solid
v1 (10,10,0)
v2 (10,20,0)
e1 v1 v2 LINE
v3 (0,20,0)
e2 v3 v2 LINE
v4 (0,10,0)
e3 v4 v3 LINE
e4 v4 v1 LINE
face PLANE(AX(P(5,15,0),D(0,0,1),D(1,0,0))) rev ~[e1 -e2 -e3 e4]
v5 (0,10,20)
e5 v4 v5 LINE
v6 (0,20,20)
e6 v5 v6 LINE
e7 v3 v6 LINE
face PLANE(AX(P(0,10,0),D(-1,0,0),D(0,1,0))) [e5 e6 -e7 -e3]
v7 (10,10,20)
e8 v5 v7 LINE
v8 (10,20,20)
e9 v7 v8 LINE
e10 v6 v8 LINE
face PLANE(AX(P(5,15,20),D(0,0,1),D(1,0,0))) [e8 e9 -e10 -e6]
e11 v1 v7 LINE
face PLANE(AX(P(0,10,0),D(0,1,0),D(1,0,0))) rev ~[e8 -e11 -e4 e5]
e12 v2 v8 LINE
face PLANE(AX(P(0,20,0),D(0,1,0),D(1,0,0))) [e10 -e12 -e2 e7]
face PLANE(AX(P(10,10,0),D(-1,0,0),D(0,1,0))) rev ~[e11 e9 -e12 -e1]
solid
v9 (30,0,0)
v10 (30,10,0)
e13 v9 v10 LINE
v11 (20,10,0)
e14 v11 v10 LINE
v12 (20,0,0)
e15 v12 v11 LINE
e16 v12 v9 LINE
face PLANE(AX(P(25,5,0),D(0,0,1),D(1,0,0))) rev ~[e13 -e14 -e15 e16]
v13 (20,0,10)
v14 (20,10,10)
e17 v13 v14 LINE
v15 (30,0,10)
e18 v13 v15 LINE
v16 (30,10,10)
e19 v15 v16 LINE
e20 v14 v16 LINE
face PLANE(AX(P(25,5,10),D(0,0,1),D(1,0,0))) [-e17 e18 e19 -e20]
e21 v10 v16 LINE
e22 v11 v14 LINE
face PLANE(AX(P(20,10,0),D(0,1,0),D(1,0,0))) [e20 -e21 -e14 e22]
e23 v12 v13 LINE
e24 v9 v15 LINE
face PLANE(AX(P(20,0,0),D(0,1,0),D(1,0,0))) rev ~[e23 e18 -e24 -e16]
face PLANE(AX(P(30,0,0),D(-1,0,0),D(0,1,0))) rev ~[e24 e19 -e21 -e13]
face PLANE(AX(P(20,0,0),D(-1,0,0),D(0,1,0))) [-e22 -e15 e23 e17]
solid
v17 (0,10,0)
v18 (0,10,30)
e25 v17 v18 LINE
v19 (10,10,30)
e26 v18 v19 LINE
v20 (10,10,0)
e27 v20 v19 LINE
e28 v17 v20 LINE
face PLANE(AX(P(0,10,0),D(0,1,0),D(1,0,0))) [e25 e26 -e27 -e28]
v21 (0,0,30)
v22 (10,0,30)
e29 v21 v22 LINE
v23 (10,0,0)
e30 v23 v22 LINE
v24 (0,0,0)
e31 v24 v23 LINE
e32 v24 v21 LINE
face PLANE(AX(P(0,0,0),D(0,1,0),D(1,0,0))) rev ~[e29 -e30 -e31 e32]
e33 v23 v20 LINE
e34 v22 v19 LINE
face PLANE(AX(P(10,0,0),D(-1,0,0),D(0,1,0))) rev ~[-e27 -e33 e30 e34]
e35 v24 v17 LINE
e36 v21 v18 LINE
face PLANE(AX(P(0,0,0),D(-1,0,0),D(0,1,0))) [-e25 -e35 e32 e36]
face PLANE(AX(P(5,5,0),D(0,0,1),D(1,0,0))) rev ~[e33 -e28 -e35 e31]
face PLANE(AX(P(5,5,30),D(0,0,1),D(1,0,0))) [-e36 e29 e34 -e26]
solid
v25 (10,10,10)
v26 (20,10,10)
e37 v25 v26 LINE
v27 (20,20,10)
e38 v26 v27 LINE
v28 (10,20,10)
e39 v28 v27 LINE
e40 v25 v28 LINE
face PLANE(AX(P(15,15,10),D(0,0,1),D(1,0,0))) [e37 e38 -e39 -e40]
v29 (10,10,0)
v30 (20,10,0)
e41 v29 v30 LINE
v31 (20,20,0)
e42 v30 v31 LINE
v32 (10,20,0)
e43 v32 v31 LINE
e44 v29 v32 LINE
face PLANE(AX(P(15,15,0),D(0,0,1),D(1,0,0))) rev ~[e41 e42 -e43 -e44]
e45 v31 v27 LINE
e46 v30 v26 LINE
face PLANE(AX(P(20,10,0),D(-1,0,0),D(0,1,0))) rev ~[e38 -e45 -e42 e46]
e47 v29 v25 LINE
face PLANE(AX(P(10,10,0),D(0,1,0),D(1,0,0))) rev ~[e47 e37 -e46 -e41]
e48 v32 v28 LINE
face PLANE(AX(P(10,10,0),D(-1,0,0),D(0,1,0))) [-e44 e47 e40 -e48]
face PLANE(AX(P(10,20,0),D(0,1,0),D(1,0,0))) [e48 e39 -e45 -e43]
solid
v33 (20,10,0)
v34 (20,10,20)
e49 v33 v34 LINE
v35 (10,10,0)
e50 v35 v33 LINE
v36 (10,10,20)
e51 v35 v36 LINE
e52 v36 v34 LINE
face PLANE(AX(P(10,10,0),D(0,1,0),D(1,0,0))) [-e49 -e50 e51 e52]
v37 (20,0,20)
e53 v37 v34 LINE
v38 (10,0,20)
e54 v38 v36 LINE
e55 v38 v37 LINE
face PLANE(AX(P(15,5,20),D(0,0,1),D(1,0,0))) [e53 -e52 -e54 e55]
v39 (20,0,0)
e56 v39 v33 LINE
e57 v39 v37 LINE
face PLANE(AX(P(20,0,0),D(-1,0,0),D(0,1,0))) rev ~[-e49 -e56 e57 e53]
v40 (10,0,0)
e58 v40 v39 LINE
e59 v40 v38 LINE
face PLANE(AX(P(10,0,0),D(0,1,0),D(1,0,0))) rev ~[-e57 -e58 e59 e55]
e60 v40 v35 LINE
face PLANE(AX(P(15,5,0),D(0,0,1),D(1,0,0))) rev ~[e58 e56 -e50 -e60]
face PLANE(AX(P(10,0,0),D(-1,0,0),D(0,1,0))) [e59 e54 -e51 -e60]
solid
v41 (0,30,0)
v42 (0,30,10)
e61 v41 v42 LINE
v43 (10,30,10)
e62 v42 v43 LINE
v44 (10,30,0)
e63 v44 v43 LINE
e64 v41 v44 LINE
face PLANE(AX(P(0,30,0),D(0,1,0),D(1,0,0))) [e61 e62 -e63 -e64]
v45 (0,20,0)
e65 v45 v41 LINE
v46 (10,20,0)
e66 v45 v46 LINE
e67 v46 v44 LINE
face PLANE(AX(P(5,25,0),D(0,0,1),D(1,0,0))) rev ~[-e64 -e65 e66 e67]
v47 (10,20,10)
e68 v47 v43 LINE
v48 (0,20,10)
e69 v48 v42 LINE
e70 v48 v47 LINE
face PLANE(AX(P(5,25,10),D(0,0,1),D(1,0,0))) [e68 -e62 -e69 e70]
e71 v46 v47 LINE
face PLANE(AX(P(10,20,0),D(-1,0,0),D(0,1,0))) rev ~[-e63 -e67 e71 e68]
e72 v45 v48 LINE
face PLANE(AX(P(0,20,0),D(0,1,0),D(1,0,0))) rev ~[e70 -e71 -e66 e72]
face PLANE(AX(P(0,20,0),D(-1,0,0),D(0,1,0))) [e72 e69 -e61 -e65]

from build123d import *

# Parameters (mm, degrees)
BOX_W        = 10
BOX_H        = 10
BOX_DEPTH    = 30
BOX001_W     = 10
BOX001_H     = 10
BOX001_DEPTH = 20
BOX002_W     = 10
BOX002_H     = 10
BOX002_DEPTH = 20
BOX004_W     = 10
BOX004_H     = 10
BOX004_DEPTH = 10
BOX005_W     = 10
BOX005_H     = 10
BOX005_DEPTH = 10
BOX006_W     = 10
BOX006_H     = 10
BOX006_DEPTH = 10


with BuildPart() as cubo:
    # Box → Box (new body)
    with BuildSketch(Plane.XY):
        with Locations((5, 5)):
            Rectangle(BOX_W, BOX_H)
    extrude(amount=BOX_DEPTH)


with BuildPart() as cubo001:
    # Box001 → Box001 (new body)
    with BuildSketch(Plane(origin=(0, 10, 0), x_dir=(1, 0, 0), z_dir=(0, 0, 1))):
        with Locations((5, 5)):
            Rectangle(BOX001_W, BOX001_H)
    extrude(amount=BOX001_DEPTH)


with BuildPart() as cubo002:
    # Box002 → Box002 (new body)
    with BuildSketch(Plane(origin=(10, 0, 0), x_dir=(1, 0, 0), z_dir=(0, 0, 1))):
        with Locations((5, 5)):
            Rectangle(BOX002_W, BOX002_H)
    extrude(amount=BOX002_DEPTH)


with BuildPart() as cubo004:
    # Box004 → Box004 (new body)
    with BuildSketch(Plane(origin=(10, 10, 0), x_dir=(1, 0, 0), z_dir=(0, 0, 1))):
        with Locations((5, 5)):
            Rectangle(BOX004_W, BOX004_H)
    extrude(amount=BOX004_DEPTH)


with BuildPart() as cubo005:
    # Box005 → Box005 (new body)
    with BuildSketch(Plane(origin=(20, 0, 0), x_dir=(1, 0, 0), z_dir=(0, 0, 1))):
        with Locations((5, 5)):
            Rectangle(BOX005_W, BOX005_H)
    extrude(amount=BOX005_DEPTH)


with BuildPart() as cubo006:
    # Box006 → Box006 (new body)
    with BuildSketch(Plane(origin=(0, 20, 0), x_dir=(1, 0, 0), z_dir=(0, 0, 1))):
        with Locations((5, 5)):
            Rectangle(BOX006_W, BOX006_H)
    extrude(amount=BOX006_DEPTH)


solid = Compound([cubo.part, cubo001.part, cubo002.part, cubo004.part, cubo005.part, cubo006.part])
